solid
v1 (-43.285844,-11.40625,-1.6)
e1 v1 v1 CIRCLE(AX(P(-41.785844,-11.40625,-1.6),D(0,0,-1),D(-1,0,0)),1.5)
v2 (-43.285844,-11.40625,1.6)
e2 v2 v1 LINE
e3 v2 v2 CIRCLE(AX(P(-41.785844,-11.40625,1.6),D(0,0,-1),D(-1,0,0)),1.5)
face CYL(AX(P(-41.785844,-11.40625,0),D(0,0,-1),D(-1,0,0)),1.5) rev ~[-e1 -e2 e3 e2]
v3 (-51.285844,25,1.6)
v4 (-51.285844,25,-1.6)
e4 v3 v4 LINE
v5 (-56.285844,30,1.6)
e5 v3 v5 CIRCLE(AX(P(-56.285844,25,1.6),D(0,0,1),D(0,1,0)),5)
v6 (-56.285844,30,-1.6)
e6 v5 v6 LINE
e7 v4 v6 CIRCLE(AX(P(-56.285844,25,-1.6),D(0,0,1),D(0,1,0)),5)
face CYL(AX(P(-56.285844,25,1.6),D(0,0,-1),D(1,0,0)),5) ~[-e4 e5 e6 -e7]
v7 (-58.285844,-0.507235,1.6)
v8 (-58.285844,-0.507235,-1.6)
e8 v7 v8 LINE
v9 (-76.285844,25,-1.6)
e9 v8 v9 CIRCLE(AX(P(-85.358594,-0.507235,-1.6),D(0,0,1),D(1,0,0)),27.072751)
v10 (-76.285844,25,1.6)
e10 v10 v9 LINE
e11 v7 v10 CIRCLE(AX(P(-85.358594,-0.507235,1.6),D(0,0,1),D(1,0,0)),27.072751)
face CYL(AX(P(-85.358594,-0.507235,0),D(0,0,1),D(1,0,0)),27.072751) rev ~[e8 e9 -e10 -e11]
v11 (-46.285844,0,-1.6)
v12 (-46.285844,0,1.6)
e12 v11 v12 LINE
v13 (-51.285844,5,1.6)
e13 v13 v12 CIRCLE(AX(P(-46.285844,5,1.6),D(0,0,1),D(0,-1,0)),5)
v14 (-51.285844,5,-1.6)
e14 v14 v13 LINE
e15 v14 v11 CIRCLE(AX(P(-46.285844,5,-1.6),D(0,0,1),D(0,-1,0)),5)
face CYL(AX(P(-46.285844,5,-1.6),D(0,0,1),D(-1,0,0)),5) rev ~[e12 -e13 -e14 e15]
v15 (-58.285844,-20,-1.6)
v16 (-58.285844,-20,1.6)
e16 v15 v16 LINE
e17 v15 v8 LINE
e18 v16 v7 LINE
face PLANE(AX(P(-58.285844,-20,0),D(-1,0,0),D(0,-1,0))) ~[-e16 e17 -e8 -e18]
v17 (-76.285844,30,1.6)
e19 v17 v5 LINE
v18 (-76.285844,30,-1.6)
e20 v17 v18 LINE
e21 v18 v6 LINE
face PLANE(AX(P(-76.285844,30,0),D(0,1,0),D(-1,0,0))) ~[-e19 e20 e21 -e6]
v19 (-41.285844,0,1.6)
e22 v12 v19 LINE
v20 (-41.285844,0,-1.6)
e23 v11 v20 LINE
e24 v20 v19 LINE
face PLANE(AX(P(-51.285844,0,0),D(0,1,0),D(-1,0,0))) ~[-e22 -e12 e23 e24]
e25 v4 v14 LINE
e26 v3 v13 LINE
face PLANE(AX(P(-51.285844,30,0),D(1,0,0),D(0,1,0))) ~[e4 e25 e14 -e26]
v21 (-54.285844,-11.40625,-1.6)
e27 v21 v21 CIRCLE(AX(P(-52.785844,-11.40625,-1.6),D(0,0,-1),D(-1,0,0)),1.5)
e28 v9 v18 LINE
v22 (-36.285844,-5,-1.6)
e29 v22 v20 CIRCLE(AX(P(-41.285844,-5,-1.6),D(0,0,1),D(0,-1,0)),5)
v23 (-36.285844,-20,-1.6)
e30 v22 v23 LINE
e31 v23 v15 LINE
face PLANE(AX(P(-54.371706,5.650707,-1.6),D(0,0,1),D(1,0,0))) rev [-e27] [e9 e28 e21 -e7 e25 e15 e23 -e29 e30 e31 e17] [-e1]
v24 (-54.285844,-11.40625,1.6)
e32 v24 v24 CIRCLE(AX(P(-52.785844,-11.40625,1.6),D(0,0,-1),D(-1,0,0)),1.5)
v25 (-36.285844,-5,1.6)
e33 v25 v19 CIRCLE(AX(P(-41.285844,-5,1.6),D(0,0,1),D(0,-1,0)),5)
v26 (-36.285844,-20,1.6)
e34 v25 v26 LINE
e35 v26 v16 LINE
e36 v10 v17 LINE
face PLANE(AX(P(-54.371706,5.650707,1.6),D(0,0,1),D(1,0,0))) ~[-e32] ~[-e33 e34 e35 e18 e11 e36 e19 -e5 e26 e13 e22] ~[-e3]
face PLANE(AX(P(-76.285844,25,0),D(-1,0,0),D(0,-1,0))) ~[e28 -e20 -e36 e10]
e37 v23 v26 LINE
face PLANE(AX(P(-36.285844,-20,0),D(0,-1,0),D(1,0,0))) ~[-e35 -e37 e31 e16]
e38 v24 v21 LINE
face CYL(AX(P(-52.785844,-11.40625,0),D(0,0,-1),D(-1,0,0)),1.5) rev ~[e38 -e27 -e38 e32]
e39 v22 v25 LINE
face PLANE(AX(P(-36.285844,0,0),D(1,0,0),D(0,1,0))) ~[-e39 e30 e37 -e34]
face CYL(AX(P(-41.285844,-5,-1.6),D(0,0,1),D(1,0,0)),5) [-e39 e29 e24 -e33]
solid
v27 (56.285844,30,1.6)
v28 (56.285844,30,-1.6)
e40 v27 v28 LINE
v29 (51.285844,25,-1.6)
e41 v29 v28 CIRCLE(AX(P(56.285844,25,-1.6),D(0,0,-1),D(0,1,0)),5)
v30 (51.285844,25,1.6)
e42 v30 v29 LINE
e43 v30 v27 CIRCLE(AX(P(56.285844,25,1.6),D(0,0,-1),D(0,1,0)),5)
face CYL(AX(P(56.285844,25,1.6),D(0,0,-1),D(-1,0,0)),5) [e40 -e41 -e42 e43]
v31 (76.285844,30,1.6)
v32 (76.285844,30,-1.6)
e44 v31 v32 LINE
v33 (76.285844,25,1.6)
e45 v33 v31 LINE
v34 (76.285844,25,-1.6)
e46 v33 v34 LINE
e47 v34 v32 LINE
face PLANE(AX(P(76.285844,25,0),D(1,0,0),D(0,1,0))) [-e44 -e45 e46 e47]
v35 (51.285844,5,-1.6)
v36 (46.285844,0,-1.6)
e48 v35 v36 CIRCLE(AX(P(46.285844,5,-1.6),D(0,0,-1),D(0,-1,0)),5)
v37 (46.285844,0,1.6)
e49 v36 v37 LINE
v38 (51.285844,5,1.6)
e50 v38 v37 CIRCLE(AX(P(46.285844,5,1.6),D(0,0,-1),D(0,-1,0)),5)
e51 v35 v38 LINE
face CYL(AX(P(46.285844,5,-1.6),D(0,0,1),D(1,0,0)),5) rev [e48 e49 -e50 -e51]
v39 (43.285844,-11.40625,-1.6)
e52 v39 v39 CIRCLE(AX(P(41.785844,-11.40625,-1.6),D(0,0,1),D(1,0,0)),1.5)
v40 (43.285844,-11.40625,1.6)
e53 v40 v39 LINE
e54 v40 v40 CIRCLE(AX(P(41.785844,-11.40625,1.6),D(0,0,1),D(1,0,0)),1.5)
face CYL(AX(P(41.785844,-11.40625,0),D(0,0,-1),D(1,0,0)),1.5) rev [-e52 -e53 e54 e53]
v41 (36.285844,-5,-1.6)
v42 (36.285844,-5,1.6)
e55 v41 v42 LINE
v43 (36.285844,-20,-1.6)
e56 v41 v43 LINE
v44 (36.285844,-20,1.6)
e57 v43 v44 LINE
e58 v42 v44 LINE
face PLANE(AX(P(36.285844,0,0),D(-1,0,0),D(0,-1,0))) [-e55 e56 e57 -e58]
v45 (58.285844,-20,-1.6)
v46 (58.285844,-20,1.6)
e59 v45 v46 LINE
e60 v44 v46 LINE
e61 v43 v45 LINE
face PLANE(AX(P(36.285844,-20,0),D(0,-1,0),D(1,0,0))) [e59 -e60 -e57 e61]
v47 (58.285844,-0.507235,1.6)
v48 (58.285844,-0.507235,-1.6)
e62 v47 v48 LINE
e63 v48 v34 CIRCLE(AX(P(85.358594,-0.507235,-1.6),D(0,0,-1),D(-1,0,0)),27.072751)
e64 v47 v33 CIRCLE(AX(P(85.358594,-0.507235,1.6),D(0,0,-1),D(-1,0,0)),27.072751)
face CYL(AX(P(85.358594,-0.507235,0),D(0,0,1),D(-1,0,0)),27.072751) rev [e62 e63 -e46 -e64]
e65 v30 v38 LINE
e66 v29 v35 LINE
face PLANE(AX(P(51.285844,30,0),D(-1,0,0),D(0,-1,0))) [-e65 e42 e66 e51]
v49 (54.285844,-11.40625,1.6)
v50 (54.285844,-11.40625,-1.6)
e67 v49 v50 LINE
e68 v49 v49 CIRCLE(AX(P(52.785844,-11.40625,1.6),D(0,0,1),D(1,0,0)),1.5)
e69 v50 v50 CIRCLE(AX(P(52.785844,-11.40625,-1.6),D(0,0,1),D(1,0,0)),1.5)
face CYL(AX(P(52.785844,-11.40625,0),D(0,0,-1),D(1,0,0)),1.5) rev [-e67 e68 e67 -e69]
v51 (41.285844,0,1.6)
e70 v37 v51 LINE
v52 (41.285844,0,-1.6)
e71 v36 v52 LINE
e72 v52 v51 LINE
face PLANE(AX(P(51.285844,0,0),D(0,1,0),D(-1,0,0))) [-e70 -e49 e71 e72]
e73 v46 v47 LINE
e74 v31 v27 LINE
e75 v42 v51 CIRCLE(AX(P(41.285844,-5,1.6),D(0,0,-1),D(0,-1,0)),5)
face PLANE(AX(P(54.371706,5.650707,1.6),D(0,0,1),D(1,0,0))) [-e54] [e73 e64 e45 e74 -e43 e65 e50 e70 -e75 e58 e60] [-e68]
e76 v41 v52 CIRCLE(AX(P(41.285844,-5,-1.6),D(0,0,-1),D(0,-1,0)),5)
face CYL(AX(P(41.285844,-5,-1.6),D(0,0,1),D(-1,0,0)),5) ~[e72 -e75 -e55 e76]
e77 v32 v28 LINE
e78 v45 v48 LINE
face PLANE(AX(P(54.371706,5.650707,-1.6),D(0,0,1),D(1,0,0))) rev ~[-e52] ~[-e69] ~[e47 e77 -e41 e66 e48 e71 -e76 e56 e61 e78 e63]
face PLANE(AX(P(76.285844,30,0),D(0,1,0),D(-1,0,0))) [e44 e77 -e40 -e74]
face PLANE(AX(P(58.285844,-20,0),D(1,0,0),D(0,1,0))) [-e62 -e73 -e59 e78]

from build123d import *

# Parameters (mm, degrees)
F0_R     = 1.5
F1_DEPTH = 1.6
F2_R     = 5


with BuildPart() as f1:
    # F0 (on Top) → F1 (new body, symmetric)
    with BuildSketch(Plane.XY):
        with BuildLine():
            Line((51.2858437002, 30), (51.2858437002, 0))
            Line((51.2858437002, 0), (36.2858437002, 0))
            Line((36.2858437002, 0), (36.2858437002, -10))
            Line((36.2858437002, -10), (36.2858437002, -20))
            Line((36.2858437002, -20), (58.2858437002, -20))
            Line((58.2858437002, -20), (58.2858437002, -10))
            Line((58.2858437002, -10), (58.2858437002, -0.5072346903))
            ThreePointArc((58.2858437002, -0.5072346903), (63.2389408298, 15.1022097389), (76.2858437002, 25))
            Line((76.2858437002, 25), (76.2858437002, 30))
            Line((76.2858437002, 30), (51.2858437002, 30))
        make_face()
        with Locations((41.7858437002, -11.40625)):
            Circle(F0_R, mode=Mode.SUBTRACT)
        with Locations((52.7858437002, -11.40625)):
            Circle(F0_R, mode=Mode.SUBTRACT)
    extrude(amount=F1_DEPTH, both=True)

    # F2
    f2_edges = [f1.edges().sort_by_distance(p)[0] for p in [
        (51.285844, 30, 0),
        (51.285844, 0, 0),
        (36.285844, 0, 0),
    ]]
    fillet(f2_edges, radius=F2_R)


with BuildPart() as f3_1:
    # F3: instance of F1
    add(f1.part.mirror(Plane.YZ))


solid = Compound([f1.part, f3_1.part])
